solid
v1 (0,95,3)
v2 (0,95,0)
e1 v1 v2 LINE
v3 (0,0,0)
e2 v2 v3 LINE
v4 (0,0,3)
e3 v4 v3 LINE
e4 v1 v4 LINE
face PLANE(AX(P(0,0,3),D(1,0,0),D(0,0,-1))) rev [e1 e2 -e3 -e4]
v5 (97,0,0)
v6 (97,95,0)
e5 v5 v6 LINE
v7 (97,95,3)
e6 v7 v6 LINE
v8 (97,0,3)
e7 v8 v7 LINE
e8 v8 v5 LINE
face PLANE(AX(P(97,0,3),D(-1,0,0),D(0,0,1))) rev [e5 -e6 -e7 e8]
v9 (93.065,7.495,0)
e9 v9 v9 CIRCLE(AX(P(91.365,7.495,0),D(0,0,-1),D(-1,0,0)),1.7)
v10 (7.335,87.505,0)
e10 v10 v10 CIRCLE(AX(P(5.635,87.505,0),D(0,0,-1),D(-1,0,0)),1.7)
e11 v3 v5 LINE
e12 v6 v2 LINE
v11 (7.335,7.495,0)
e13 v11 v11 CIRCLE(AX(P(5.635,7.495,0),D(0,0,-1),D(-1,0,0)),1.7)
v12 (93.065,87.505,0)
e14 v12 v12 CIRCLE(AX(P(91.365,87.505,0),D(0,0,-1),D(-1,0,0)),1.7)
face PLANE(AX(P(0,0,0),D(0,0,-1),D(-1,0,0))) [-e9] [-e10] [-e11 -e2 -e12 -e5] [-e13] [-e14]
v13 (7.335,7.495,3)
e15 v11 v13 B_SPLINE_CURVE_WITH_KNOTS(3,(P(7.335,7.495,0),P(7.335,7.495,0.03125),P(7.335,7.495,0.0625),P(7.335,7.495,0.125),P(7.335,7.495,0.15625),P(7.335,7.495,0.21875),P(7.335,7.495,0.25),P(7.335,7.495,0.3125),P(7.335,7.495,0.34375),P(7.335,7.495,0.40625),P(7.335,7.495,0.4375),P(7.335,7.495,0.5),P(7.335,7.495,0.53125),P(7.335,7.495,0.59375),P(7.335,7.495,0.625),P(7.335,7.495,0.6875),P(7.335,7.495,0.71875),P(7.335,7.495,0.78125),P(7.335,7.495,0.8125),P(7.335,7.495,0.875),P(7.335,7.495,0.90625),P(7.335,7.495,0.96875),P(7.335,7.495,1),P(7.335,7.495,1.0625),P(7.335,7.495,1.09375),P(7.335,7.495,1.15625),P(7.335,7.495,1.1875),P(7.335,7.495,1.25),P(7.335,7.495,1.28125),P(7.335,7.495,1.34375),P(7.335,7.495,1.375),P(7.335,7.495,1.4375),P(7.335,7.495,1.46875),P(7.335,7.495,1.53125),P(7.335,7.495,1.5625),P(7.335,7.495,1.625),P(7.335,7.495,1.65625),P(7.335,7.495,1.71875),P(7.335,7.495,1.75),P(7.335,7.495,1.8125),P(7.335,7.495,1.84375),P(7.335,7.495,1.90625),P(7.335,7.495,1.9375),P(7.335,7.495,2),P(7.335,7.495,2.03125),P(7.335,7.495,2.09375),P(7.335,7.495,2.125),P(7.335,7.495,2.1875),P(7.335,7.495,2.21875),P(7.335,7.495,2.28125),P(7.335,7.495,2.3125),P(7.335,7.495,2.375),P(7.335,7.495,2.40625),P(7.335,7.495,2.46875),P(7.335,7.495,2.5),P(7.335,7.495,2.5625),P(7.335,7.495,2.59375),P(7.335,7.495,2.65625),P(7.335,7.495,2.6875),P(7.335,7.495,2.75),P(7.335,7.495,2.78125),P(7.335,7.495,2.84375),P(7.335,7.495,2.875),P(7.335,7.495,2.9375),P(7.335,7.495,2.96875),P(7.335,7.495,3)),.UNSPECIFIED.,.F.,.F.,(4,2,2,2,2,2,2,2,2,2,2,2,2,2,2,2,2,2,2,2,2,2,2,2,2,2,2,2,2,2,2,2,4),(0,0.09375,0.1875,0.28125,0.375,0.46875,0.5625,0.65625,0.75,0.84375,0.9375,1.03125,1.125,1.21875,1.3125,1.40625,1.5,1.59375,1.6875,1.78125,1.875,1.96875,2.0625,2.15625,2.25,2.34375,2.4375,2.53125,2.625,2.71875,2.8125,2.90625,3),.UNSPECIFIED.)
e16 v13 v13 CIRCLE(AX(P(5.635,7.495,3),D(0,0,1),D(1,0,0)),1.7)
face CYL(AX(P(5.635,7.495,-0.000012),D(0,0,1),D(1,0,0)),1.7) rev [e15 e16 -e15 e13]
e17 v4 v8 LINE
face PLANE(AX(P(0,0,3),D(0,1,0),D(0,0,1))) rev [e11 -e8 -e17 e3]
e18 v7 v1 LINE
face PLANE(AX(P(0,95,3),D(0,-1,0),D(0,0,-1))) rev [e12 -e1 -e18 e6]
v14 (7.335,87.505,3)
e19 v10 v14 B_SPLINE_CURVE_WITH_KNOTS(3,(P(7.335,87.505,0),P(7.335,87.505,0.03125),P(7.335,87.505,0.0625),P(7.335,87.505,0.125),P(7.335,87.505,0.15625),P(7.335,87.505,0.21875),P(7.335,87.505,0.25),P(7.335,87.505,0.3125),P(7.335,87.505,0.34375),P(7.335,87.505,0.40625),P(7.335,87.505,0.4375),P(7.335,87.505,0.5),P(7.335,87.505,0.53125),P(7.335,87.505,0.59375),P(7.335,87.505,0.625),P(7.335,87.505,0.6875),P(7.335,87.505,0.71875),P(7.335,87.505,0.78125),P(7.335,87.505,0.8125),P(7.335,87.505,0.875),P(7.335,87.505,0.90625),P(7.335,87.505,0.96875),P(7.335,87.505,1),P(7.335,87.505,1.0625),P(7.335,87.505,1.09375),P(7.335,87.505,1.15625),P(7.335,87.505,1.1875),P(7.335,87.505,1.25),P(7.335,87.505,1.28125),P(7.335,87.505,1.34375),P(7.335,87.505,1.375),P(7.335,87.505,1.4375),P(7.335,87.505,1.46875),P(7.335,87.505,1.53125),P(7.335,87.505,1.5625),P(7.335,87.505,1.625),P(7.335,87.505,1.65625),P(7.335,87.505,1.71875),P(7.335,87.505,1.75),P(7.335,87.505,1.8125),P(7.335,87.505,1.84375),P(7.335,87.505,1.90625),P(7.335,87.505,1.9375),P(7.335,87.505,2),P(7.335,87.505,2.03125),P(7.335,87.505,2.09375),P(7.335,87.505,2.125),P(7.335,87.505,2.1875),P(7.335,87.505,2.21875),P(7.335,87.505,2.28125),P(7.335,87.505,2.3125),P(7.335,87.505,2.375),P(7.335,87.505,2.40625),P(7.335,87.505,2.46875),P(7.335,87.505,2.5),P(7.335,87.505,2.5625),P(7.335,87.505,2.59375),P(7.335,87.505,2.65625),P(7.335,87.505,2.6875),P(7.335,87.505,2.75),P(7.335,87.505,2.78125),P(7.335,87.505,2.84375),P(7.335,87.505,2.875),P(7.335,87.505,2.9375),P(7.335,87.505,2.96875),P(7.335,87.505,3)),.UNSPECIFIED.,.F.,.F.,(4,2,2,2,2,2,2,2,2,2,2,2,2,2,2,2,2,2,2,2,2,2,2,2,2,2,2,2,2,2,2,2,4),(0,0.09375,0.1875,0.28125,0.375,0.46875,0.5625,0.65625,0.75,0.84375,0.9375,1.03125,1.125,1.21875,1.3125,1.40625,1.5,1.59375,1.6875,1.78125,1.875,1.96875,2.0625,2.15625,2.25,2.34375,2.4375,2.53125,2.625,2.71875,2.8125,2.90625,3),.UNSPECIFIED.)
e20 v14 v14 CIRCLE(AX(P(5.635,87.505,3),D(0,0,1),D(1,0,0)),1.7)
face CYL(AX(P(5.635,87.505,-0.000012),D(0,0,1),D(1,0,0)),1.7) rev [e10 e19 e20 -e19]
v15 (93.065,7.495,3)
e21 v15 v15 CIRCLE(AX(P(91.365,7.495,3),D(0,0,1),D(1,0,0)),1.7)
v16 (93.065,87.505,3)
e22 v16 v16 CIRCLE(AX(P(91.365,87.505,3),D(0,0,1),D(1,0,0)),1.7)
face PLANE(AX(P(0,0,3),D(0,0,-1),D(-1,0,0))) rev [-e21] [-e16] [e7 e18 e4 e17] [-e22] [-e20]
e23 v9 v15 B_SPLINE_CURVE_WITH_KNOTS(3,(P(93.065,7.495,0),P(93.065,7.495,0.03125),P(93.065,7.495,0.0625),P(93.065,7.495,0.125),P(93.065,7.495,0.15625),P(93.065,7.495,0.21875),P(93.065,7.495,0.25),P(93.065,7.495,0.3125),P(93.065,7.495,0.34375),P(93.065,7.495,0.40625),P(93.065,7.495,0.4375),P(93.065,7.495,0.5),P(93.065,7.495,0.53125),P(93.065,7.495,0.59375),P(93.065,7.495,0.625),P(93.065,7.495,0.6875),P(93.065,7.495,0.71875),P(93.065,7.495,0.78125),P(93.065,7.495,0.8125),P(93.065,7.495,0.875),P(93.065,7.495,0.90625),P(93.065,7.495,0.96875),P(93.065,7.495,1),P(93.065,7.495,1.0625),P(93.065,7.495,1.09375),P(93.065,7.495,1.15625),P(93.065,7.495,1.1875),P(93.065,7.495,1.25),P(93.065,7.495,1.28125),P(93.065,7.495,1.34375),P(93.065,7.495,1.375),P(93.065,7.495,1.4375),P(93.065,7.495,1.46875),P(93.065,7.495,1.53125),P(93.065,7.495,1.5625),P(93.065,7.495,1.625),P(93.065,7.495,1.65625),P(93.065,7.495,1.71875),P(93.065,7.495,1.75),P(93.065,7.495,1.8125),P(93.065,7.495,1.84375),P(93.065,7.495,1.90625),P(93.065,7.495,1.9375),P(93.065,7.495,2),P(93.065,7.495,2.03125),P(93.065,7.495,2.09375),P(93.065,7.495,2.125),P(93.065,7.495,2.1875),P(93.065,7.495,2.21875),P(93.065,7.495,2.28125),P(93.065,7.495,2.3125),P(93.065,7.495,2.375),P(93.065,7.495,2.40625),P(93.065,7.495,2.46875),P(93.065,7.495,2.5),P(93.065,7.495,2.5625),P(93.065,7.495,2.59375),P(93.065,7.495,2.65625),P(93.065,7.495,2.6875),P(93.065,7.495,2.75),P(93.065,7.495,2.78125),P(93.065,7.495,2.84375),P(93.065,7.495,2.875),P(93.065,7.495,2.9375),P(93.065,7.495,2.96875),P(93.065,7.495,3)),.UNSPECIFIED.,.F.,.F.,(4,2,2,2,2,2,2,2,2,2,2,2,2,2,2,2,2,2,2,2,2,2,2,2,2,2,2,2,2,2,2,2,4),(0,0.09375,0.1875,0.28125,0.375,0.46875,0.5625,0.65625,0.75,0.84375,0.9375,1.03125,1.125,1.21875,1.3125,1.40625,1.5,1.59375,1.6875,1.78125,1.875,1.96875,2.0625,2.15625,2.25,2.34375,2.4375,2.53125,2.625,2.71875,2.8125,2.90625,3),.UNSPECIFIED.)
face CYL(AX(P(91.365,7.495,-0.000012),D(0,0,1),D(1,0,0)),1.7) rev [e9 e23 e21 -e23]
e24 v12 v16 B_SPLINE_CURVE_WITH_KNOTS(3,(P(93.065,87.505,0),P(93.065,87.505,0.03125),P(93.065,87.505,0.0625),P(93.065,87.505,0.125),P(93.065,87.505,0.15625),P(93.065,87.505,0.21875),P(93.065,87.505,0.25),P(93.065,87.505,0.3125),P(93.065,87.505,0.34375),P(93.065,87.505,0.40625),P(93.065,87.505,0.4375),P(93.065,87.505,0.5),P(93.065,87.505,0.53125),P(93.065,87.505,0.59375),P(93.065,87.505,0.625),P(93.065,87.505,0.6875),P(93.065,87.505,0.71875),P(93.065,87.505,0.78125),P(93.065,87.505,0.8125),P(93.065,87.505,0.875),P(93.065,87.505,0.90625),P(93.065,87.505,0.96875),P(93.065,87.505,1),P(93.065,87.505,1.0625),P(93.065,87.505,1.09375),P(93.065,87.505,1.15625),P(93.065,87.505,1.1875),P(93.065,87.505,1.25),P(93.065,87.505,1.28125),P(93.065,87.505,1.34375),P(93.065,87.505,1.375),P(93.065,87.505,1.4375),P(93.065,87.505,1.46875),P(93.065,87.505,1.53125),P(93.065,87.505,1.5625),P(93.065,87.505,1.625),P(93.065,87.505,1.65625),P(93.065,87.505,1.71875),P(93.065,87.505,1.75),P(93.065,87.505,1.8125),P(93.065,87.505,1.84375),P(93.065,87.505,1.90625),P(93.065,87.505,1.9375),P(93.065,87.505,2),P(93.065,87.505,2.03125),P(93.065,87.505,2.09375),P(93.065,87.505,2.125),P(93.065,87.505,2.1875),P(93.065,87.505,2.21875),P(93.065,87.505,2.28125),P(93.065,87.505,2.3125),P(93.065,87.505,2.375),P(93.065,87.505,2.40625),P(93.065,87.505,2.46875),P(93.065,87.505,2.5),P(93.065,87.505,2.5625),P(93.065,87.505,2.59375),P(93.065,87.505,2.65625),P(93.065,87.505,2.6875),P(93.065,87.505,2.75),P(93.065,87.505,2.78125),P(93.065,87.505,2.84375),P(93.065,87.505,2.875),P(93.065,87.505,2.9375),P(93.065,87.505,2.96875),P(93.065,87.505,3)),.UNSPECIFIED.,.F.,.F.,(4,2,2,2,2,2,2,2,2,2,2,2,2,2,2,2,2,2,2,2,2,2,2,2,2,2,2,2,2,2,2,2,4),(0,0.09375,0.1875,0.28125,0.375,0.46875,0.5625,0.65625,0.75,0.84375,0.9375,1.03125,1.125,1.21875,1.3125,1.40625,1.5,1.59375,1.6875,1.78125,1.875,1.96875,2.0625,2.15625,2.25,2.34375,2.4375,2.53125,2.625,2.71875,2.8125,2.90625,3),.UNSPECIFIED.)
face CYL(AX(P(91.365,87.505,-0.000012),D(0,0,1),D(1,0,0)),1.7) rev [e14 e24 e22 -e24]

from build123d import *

# Parameters (mm, degrees)
BODY_SKETCH_W    = 97
BODY_SKETCH_H    = 95
BODY_DEPTH       = 3
HOLES_DEPTH      = 136.805007271
HOLES_DEPTH_BACK = 136.805007271
HOLES_SKETCH_R   = 1.7


with BuildPart() as part:
    # Body sketch → Body (new body)
    with BuildSketch(Plane.XY):
        with Locations((48.5, 47.5)):
            Rectangle(BODY_SKETCH_W, BODY_SKETCH_H)
    extrude(amount=BODY_DEPTH)

    # Holes sketch → Holes (cut, two sides: drawn at the far end of the back side and taken through both)
    with BuildSketch(Plane.XY.offset(-HOLES_DEPTH_BACK)):
        with Locations((5.635, 7.495)):
            Circle(HOLES_SKETCH_R)
        with Locations((91.365, 7.495)):
            Circle(HOLES_SKETCH_R)
        with Locations((5.635, 87.505)):
            Circle(HOLES_SKETCH_R)
        with Locations((91.365, 87.505)):
            Circle(HOLES_SKETCH_R)
    extrude(amount=HOLES_DEPTH + HOLES_DEPTH_BACK, mode=Mode.SUBTRACT)


solid = part.part
